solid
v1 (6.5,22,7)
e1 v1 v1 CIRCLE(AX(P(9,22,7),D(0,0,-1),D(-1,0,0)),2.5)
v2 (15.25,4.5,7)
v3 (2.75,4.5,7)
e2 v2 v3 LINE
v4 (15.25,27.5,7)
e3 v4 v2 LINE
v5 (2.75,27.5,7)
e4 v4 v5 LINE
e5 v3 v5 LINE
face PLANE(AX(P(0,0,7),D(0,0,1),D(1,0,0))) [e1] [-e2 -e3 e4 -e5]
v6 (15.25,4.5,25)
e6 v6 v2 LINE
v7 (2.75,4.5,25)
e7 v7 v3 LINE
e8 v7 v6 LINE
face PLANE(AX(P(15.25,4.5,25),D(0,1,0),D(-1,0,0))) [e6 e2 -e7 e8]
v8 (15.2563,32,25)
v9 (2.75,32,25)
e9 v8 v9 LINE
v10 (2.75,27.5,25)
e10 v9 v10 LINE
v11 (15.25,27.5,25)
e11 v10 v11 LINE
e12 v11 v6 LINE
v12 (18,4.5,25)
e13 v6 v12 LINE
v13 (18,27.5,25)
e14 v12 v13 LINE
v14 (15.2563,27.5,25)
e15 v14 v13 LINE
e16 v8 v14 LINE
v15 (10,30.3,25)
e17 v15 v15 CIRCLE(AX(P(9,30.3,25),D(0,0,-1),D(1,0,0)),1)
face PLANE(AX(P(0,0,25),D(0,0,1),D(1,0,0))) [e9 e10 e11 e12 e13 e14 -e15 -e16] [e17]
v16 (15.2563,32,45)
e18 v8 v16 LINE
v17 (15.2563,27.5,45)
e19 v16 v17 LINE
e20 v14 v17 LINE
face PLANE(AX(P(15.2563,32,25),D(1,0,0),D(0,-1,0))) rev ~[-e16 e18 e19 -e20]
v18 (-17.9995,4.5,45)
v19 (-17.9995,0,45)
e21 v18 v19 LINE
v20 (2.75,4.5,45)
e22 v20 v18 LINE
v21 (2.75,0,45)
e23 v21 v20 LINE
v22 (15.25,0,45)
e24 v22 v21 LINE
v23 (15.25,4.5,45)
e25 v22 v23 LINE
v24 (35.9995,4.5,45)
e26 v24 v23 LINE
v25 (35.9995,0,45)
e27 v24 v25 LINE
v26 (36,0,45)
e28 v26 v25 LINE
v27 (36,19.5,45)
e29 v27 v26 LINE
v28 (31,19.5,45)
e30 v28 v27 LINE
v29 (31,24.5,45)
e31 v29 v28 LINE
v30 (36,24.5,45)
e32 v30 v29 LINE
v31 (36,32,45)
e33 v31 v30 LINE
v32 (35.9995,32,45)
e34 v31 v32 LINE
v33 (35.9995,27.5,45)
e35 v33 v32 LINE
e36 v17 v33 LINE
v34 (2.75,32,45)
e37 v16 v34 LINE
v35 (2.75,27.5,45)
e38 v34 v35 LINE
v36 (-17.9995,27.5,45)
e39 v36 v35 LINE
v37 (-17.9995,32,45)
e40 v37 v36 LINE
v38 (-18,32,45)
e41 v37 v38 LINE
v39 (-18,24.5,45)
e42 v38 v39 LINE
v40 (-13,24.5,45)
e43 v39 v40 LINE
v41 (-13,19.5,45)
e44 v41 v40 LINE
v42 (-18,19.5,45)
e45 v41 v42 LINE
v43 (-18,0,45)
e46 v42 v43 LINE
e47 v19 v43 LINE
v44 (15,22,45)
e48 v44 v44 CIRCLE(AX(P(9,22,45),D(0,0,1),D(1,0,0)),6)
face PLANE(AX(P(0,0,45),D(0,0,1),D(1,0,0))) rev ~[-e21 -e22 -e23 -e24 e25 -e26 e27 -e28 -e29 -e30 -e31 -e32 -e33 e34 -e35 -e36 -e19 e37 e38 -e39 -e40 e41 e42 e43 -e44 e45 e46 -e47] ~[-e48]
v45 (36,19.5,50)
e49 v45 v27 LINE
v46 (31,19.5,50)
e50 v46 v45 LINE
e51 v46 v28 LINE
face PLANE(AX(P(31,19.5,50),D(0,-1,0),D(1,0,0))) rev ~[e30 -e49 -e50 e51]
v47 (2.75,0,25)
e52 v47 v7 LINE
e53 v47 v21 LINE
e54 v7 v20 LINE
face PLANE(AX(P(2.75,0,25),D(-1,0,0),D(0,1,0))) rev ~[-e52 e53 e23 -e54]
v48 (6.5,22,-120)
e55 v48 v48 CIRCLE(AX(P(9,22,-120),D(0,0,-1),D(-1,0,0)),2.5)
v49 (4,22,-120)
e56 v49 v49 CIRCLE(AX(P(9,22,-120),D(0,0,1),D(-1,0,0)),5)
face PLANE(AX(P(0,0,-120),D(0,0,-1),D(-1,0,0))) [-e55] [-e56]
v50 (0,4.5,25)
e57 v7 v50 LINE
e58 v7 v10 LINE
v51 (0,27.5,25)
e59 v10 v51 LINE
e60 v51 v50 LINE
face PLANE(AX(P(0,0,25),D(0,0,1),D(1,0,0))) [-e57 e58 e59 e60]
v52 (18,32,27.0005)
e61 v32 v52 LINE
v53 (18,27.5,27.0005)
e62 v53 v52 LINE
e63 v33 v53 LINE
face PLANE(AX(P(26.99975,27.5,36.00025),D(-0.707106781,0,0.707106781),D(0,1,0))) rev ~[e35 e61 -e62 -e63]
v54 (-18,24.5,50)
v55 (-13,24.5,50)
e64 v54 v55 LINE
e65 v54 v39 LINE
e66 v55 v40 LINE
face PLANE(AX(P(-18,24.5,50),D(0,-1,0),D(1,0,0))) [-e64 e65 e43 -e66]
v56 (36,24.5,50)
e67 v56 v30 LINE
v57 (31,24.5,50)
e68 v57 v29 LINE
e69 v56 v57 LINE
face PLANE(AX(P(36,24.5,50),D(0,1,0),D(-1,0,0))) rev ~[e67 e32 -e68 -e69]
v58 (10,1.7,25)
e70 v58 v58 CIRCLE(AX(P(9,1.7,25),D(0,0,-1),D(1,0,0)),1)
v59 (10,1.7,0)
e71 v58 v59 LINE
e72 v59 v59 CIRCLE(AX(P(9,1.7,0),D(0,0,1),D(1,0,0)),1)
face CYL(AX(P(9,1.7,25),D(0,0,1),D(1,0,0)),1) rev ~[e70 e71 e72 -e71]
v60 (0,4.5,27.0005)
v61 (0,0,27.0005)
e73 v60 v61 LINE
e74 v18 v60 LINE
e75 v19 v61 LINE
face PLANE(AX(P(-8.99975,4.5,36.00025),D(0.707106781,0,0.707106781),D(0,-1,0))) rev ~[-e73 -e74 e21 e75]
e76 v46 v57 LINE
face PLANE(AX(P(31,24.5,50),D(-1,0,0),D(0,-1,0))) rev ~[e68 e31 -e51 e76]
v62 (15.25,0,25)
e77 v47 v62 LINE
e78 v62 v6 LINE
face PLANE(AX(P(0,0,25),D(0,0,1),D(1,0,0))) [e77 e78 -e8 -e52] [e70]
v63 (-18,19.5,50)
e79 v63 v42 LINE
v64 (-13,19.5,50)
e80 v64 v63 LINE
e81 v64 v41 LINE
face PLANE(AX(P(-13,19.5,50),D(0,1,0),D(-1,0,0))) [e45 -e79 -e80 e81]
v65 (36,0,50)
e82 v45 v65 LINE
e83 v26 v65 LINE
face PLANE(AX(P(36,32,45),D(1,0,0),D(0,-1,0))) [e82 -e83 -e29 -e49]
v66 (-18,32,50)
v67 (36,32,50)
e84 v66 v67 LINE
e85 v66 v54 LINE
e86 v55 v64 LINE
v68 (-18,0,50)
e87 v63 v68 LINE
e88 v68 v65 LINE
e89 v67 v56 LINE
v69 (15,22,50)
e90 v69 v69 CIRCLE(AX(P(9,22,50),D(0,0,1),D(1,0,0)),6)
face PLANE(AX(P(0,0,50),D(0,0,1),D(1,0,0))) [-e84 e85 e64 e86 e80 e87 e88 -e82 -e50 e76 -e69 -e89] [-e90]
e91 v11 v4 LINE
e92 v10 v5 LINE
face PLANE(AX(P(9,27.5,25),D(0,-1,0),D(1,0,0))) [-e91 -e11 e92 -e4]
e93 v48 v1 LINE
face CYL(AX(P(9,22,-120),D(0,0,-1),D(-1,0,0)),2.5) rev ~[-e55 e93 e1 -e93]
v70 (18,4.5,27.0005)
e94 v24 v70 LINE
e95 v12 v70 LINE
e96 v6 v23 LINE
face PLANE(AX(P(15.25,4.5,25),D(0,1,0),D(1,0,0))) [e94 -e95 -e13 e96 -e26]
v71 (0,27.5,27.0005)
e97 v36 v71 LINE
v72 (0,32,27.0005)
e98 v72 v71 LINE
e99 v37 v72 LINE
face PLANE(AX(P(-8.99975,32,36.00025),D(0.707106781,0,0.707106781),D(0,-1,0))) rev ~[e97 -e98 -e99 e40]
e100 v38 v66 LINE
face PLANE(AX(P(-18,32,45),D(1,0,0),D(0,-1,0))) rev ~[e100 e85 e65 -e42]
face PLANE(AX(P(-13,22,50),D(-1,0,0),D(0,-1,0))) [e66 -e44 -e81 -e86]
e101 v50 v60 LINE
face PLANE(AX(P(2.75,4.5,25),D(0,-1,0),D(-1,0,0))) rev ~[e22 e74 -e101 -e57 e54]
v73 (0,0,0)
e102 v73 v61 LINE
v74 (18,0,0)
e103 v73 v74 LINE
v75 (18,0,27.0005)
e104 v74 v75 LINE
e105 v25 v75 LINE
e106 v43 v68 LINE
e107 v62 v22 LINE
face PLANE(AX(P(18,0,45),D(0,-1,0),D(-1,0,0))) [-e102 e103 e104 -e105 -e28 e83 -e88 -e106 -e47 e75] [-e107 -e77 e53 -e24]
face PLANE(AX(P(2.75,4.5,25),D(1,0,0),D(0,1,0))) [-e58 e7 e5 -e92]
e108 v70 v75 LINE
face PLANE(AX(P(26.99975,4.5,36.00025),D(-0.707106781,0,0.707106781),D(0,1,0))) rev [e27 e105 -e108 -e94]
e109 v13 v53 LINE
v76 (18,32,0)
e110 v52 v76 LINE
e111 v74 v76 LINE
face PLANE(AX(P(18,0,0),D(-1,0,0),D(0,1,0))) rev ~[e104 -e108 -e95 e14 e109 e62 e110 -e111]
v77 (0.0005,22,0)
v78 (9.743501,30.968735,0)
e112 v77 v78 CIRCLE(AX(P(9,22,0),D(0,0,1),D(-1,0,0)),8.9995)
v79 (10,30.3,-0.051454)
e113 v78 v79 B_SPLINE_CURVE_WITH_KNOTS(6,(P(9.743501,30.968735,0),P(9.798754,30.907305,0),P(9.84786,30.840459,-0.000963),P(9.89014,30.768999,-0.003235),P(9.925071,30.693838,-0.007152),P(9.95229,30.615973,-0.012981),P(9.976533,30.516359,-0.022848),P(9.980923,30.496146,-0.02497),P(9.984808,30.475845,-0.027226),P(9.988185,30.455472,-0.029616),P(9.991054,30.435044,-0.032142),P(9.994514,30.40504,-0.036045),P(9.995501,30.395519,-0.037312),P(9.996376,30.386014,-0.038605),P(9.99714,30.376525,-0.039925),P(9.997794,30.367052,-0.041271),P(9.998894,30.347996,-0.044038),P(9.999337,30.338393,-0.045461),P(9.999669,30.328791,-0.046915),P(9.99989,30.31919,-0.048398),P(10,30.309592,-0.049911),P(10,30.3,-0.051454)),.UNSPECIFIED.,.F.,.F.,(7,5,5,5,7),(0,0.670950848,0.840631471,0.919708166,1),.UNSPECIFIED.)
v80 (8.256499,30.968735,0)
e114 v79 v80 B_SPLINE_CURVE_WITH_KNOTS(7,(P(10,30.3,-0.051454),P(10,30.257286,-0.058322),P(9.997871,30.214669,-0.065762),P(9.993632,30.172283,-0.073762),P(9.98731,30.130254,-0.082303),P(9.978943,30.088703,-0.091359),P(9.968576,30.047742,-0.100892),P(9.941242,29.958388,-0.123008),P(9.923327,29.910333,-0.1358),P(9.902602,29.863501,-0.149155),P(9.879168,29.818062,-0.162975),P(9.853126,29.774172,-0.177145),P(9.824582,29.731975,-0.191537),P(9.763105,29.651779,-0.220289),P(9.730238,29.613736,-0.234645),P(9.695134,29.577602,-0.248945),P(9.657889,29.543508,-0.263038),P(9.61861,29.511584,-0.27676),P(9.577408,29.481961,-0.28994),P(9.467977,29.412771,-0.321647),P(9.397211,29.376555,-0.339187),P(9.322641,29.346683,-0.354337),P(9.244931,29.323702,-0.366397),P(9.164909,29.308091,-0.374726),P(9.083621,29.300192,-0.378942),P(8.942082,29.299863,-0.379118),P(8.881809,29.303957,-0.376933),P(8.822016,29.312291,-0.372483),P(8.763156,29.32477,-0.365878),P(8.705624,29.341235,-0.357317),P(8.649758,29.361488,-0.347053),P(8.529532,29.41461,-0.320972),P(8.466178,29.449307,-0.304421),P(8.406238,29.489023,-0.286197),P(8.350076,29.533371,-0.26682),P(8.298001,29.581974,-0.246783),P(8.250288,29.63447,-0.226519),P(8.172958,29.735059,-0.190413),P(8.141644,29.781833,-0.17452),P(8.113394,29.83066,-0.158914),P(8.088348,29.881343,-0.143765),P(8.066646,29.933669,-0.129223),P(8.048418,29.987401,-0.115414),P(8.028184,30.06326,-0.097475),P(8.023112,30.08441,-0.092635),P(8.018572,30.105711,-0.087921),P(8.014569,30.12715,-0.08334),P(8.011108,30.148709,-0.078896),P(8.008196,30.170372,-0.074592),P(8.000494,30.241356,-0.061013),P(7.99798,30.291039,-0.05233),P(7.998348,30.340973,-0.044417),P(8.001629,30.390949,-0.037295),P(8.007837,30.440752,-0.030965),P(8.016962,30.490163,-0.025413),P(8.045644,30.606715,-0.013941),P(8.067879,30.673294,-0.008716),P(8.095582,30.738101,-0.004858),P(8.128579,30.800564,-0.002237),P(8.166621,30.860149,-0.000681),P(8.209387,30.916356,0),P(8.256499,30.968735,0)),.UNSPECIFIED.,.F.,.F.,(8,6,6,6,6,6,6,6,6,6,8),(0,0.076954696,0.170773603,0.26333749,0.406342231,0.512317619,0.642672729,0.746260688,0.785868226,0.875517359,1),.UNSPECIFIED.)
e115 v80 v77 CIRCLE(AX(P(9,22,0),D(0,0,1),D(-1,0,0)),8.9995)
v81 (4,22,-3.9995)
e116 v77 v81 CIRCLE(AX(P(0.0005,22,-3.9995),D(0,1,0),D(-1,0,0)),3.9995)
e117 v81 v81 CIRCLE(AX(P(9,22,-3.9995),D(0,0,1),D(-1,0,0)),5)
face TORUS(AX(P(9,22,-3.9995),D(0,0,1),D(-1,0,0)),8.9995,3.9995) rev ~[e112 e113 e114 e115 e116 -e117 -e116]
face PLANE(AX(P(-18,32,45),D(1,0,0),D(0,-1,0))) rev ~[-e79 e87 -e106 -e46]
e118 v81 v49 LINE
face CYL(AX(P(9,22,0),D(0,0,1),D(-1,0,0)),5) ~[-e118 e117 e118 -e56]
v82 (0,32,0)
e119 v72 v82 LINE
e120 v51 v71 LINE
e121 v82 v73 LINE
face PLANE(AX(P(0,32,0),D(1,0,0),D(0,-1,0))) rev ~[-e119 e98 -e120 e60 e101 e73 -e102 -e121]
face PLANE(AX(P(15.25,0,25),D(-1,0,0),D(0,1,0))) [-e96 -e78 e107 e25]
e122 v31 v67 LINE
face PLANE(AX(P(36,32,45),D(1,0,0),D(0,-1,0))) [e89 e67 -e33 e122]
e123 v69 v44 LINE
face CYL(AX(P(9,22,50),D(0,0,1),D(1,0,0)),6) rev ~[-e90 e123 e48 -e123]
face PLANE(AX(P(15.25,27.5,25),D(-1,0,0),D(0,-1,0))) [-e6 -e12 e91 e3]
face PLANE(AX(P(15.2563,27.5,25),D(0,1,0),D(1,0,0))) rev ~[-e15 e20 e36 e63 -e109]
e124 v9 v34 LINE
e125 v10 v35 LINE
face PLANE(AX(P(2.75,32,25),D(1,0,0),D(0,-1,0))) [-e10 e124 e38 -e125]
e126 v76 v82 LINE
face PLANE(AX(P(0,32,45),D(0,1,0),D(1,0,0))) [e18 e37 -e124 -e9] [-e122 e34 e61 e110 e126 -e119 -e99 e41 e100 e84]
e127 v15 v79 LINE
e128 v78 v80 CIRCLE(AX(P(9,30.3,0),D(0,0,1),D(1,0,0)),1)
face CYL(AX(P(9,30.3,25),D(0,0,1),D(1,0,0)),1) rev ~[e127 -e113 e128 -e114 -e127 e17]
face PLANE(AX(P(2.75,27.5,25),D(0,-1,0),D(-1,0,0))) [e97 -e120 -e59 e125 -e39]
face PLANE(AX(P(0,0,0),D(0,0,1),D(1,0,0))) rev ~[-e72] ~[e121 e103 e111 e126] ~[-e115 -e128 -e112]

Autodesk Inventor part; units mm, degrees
ref_plane "YZ Plane" through (0, 0, 0) normal (1, 0, 0) x (0, 1, 0)
ref_plane "XZ Plane" through (0, 0, 0) normal (0, 1, 0) x (-1, 0, 0)
ref_plane "XY Plane" through (0, 0, 0) normal (0, 0, 1) x (1, 0, 0)
sketch "Sketch1" plane through (0, 0, 0) normal (0, 0, 1) x (1, 0, 0)
  line L0 (0, 0) -> (18, 0)
  line L1 (18, 0) -> (18, 32)
  line L2 (18, 32) -> (0, 32)
  line L3 (0, 32) -> (0, 0)
  dimension "d0" = 18
  dimension "d1" = 32
extrude "base" add sketch "Sketch1" along normal blind 25
sketch "Sketch2" plane through (0, 0, 25) normal (0, 0, 1) x (1, 0, 0)
  line L0 (18, 32) -> (0, 32) projected
  line L1 (9, 32) -> (9, 0)
  line L2 (9, 16) -> (9, 27.5)
  line L3 (9, 16) -> (20.5, 16) construction
  line L4 (9, 27.5) -> (15.25, 27.5)
  line L5 (15.25, 27.5) -> (15.25, 4.5)
  line L6 (15.25, 4.5) -> (2.75, 4.5)
  line L7 (2.75, 4.5) -> (2.75, 27.5)
  line L8 (2.75, 27.5) -> (9, 27.5)
  line L9 (0, 0) -> (18, 0) projected
  dimension "d4" = 11.5
  dimension "d5" = 90
  dimension "d6" = 6.25
  dimension "d7" = 23
  dimension "d8" = 12.5
extrude "servo_place" cut sketch "Sketch2" against normal blind 18
sketch "Sketch4" plane through (0, 0, 0) normal (0, 0, -1) x (-1, 0, 0)
  line L0 (-18, 32) -> (0, 32) projected
  line L1 (-9, 32) -> (-9, 22)
  circle A0 centre (-9, 22) radius 5
  point P0 (0, 0)
  point P1 (-13, 32)
  point P2 (-5, 32)
  dimension "d18" = 10
  dimension "d19" = 10
extrude "attacher" add sketch "Sketch4" along normal blind 120
fillet "Fillet2" radius 4 1 edges at (14, 22, 0)
sketch "Sketch3" plane through (0, 0, 25) normal (0, 0, 1) x (1, 0, 0)
  line L0 (2.75, 27.5) -> (15.25, 27.5) projected
  line L1 (9, 27.5) -> (9, 30.3)
  circle A0 centre (9, 30.3) radius 1
  line L2 (15.25, 4.5) -> (2.75, 4.5) projected
  line L3 (9, 4.5) -> (9, 1.7)
  circle A1 centre (9, 1.7) radius 1
  point P0 (0, 0)
  dimension "d11" = 2.8
  dimension "d12" = 2
  dimension "d13" = 2.8
  dimension "d14" = 2
extrude "screws_servo" cut sketch "Sketch3" against normal through all
sketch "Sketch5" plane through (9, 22, -120) normal (0, 0, -1) x (-1, 0, 0)
  circle A0 centre (0, 0) radius 2.5
  point P0 (9, -22)
  dimension "d23" = 5
extrude "hole_bar_rigify" cut sketch "Sketch5" against normal through all
sketch "Sketch6" plane through (0, 0, 25) normal (0, 0, 1) x (1, 0, 0)
  line L0 (0, 32) -> (0, 0) projected
  line L1 (2.75, 27.5) -> (15.25, 27.5) projected
  line L2 (0, 32) -> (2.75, 32)
  line L3 (2.75, 32) -> (2.75, 27.5)
  line L4 (2.75, 27.5) -> (0, 27.5)
  line L5 (0, 27.5) -> (0, 32)
  line L6 (18, 32) -> (15.2563, 32)
  line L7 (15.2563, 32) -> (15.2563, 27.5)
  line L8 (15.2563, 27.5) -> (18, 27.5)
  line L9 (18, 27.5) -> (18, 32)
  line L10 (15.25, 27.5) -> (15.25, 4.5) projected
  line L11 (18, 0) -> (15.25, 0)
  line L12 (15.25, 0) -> (15.25, 4.5)
  line L13 (15.25, 4.5) -> (18, 4.5)
  line L14 (18, 4.5) -> (18, 0)
  line L15 (0, 0) -> (2.75, 0)
  line L16 (2.75, 0) -> (2.75, 4.5)
  line L17 (2.75, 4.5) -> (0, 4.5)
  line L18 (0, 4.5) -> (0, 0)
extrude "pilars_top" add sketch "Sketch6" along normal blind 20
sketch "Sketch9" plane through (0, 0, 45) normal (0, 0, 1) x (1, 0, 0)
  line L0 (0, 32) -> (0, 22) projected
  line L1 (18, 0) -> (18, 22) projected
  line L2 (0, 32) -> (18, 32)
  line L3 (18, 32) -> (18, 0)
  line L4 (18, 0) -> (0, 0)
  line L5 (0, 0) -> (0, 32)
  line L6 (18, 32) -> (36, 32)
  line L7 (36, 32) -> (36, 0)
  line L8 (36, 0) -> (18, 0)
  line L9 (0, 32) -> (-18, 32)
  line L10 (-18, 32) -> (-18, 0)
  line L11 (-18, 0) -> (0, 0)
  point P0 (0, 0)
  dimension "d39" = 18
  dimension "d40" = 18
extrude "base_top" add sketch "Sketch9" along normal blind 5
chamfer "Chamfer1" distance 18 angle 45 4 edges at (18, 2.25, 45) (18, 29.75, 45) (0, 2.25, 45) (0, 29.75, 45)
sketch "Sketch10" plane through (0, 0, 50) normal (0, 0, 1) x (1, 0, 0)
  circle A0 centre (9, 22) radius 2.5 projected
  circle A1 centre (9, 22) radius 6
  point P0 (0, 0)
  dimension "d46" = 12
extrude "screw_hole" cut sketch "Sketch10" against normal blind 5 contours A0 | A1
sketch "Sketch11" plane through (0, 0, 50) normal (0, 0, 1) x (1, 0, 0)
  circle A0 centre (9, 22) radius 2.5 projected
  line L0 (9, 22) -> (36, 22)
  line L1 (36, 4.5) -> (36, 27.5) projected
  line L2 (36, 22) -> (36, 24.5)
  line L3 (36, 24.5) -> (31, 24.5)
  line L4 (31, 24.5) -> (31, 19.5)
  line L5 (31, 19.5) -> (36, 19.5)
  line L6 (36, 22) -> (36, 19.5)
  line L7 (9, 22) -> (-18, 22)
  line L8 (-18, 27.5) -> (-18, 4.5) projected
  line L9 (-18, 22) -> (-18, 24.5)
  line L10 (-18, 24.5) -> (-13, 24.5)
  line L11 (-13, 24.5) -> (-13, 19.5)
  line L12 (-13, 19.5) -> (-18, 19.5)
  line L13 (-18, 19.5) -> (-18, 22)
  point P0 (0, 0)
  point P1 (36, 0)
  point P2 (36, 32)
  point P3 (-18, 32)
  point P4 (-18, 0)
  dimension "d49" = 2.5
  dimension "d50" = 5
  dimension "d51" = 5
  dimension "d52" = 2.5
  dimension "d53" = 5
  dimension "d54" = 5
extrude "Extrusion11" cut sketch "Sketch11" against normal blind 5 contours L11 L12 L8 L7 | L7 L8 L10 L11 | L4 L3 L1 L0 | L0 L1 L5 L4
properties part number "core_structure"
